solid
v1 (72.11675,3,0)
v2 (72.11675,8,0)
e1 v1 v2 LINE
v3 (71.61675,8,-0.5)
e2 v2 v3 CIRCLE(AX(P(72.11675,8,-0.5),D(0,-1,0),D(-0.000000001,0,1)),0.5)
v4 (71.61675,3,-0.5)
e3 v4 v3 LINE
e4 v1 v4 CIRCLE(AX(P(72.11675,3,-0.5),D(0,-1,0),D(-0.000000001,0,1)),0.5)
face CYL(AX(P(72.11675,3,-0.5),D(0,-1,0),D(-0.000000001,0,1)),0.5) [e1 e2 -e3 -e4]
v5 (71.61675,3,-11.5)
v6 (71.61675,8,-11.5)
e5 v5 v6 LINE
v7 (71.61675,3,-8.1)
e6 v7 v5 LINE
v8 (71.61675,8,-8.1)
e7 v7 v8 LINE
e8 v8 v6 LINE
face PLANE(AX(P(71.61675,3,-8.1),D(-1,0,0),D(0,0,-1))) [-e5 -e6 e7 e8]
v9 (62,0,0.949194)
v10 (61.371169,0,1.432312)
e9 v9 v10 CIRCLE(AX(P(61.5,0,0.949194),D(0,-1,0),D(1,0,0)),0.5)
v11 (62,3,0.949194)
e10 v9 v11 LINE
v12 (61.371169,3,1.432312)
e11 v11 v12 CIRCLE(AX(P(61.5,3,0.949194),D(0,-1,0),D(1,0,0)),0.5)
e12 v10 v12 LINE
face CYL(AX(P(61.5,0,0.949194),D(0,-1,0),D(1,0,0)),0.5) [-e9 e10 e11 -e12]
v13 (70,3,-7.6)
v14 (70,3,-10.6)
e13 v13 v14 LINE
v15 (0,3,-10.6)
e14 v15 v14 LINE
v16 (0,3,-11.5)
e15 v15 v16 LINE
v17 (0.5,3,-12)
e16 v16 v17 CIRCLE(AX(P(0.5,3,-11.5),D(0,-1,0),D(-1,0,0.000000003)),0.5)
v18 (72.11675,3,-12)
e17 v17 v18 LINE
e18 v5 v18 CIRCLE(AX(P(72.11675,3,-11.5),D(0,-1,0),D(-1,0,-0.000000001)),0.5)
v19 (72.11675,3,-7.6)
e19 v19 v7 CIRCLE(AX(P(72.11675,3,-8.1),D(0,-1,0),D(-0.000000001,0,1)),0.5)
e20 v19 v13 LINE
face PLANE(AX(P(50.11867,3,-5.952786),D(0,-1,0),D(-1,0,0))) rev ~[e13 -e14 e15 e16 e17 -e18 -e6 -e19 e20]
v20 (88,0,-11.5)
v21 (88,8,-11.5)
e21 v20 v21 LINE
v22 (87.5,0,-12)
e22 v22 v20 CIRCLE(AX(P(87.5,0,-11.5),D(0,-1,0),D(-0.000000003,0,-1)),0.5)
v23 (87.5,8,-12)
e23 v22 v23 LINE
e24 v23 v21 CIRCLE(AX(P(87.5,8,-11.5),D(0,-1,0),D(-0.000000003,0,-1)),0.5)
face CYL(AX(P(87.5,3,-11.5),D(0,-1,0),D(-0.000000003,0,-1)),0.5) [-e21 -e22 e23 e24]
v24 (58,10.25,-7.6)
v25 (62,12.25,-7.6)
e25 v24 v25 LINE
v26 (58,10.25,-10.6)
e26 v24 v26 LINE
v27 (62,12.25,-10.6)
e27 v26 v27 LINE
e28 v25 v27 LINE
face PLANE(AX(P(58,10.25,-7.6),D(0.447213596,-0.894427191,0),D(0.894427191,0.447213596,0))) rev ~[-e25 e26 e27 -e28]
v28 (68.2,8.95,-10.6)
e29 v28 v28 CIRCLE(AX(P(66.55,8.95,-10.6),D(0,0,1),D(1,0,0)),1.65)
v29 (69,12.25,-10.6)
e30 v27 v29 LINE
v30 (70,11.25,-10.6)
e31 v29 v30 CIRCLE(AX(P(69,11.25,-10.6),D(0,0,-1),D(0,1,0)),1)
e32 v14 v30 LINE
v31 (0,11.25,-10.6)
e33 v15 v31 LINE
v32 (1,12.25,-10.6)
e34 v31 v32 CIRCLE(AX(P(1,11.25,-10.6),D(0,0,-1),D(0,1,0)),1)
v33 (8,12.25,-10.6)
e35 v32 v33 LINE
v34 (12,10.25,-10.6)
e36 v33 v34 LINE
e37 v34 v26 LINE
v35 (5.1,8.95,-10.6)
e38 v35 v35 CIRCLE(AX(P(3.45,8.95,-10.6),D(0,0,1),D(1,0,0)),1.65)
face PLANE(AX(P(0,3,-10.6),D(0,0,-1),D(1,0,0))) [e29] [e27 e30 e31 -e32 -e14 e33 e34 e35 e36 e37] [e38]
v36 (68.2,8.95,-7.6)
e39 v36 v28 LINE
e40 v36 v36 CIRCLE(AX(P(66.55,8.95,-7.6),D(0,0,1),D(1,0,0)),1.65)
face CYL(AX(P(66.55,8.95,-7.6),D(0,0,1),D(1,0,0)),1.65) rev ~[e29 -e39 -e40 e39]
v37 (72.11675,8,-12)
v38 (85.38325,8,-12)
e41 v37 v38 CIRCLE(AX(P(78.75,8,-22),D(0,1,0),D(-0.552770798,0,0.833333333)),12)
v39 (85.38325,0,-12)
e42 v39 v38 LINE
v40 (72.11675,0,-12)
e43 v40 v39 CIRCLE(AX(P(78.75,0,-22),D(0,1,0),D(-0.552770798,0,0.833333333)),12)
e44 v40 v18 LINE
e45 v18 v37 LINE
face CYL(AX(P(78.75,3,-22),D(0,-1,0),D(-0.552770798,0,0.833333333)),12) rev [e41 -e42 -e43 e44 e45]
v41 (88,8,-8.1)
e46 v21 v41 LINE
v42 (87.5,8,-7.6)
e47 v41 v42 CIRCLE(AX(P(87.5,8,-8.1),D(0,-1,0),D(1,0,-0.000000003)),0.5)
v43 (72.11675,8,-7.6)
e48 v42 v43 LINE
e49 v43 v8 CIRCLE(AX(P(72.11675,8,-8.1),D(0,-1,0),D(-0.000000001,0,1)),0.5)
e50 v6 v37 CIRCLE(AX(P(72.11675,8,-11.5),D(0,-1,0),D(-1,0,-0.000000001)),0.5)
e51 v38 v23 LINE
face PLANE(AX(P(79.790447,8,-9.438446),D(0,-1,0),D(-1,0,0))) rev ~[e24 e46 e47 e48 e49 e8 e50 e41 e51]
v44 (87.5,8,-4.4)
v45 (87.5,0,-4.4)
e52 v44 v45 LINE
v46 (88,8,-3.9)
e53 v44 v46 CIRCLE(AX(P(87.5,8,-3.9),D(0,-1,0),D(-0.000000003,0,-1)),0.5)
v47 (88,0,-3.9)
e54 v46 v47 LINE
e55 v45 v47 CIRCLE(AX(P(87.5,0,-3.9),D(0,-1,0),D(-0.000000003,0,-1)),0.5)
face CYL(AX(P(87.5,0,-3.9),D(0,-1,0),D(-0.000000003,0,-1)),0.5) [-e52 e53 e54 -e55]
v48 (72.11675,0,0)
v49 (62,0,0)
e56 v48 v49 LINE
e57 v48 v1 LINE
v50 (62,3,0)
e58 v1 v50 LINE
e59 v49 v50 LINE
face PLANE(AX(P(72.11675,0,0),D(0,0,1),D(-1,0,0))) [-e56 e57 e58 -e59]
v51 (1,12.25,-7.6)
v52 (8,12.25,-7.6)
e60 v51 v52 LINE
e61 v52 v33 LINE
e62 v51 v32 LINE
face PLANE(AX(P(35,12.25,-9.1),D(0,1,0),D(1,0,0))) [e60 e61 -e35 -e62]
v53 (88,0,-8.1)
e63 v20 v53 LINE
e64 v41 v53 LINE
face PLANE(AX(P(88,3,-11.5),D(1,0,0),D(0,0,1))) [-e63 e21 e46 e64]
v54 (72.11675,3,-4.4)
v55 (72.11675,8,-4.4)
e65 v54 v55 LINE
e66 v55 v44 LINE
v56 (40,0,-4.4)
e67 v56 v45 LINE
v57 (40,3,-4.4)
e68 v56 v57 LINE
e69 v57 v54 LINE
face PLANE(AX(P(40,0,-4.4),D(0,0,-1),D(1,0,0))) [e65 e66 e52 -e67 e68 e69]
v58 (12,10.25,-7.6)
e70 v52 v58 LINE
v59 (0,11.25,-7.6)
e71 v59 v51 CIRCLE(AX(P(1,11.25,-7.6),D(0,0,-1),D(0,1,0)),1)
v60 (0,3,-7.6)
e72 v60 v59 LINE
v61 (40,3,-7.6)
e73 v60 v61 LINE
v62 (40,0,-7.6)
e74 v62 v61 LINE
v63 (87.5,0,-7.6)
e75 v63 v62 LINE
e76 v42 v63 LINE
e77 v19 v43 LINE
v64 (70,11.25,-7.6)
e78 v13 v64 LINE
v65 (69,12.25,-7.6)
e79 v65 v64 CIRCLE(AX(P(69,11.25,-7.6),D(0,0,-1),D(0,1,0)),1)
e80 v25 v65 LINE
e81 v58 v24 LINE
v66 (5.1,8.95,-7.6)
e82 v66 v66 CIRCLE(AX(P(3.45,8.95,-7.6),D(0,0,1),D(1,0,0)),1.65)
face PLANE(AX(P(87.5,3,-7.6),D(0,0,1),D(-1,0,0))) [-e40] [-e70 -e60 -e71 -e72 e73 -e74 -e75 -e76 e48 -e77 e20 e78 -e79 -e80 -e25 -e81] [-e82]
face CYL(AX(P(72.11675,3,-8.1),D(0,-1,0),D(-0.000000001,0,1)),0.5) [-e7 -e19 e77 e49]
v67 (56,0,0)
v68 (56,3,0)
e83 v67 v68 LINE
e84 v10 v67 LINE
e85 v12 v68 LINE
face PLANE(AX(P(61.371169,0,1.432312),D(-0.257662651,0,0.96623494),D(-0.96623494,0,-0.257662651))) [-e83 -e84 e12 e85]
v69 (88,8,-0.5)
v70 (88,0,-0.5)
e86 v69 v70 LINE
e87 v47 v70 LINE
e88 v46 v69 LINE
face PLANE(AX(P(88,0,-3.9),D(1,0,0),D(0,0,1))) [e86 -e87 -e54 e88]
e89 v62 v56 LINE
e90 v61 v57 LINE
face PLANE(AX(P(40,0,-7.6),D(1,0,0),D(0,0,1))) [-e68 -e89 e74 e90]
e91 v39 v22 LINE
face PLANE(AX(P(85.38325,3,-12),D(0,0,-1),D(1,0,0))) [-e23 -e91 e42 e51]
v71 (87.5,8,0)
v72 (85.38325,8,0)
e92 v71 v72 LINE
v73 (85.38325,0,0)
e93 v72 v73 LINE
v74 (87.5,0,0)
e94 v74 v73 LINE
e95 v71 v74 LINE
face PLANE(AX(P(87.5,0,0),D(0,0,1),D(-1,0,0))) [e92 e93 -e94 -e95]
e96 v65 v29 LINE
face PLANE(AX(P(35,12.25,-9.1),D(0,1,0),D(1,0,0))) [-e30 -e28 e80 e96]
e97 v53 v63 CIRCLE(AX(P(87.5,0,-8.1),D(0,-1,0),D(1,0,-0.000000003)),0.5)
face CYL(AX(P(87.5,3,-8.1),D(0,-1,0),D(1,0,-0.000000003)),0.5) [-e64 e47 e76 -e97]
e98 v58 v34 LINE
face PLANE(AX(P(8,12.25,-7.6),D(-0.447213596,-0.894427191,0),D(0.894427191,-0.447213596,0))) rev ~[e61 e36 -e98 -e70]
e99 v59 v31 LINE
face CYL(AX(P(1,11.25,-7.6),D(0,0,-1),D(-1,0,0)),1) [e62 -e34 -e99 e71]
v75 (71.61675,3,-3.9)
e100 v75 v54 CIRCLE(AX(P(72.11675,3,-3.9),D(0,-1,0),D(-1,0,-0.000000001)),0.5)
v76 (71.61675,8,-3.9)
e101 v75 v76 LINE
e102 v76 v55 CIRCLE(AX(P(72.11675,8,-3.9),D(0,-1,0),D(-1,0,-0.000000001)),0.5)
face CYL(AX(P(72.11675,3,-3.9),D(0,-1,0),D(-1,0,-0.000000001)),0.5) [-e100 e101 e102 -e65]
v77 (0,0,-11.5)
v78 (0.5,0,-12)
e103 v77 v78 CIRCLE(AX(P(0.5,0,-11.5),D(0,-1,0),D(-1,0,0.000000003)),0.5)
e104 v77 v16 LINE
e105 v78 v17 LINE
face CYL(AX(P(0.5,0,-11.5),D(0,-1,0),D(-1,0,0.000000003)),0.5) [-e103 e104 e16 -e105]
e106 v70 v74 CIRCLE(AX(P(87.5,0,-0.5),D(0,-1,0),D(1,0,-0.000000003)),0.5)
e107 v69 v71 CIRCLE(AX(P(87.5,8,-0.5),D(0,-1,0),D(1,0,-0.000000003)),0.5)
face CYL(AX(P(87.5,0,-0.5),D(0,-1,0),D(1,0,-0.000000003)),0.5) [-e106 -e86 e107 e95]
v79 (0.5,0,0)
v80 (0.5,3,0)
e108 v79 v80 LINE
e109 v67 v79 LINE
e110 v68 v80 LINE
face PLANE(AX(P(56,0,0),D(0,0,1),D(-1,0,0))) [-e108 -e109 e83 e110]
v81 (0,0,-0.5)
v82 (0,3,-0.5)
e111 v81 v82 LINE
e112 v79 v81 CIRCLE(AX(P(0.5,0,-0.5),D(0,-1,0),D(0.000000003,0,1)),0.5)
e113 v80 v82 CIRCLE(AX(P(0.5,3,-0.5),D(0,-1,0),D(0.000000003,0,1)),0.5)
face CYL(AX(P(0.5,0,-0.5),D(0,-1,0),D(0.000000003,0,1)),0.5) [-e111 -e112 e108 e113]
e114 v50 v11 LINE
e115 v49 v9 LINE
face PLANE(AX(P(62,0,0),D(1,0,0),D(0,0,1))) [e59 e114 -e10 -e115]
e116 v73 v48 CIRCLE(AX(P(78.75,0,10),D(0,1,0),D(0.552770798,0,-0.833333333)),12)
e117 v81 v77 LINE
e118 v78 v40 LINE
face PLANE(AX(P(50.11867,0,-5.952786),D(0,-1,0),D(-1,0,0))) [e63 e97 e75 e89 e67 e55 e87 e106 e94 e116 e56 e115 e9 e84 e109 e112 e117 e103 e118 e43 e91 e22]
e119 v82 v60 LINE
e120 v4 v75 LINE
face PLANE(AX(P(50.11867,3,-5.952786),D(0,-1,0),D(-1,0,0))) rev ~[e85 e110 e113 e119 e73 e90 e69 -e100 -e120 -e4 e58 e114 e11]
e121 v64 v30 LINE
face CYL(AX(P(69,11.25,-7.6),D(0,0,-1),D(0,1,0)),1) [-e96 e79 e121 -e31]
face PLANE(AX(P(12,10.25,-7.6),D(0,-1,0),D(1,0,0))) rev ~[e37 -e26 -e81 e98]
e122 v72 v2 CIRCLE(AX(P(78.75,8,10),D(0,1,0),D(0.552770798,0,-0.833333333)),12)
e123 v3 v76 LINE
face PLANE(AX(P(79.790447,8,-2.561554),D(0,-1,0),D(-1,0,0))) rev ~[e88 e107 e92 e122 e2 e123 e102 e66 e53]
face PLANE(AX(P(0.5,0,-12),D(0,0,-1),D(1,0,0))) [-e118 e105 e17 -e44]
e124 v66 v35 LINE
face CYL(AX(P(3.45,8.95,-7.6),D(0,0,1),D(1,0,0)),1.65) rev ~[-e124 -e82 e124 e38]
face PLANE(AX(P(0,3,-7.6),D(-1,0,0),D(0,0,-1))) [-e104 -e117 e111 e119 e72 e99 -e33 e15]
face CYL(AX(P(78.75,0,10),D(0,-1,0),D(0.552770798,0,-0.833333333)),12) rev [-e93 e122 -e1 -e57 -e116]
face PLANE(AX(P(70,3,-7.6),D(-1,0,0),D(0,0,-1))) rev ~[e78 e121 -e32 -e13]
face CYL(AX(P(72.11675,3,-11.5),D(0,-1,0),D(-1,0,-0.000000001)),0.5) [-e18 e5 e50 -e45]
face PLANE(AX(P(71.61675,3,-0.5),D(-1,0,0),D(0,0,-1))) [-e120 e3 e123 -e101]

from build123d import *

# Parameters (mm, degrees)
EXTRUDE_1_DEPTH     = 3
SKETCH_4_W          = 70
SKETCH_4_H          = 3
EXTRUDE_2_DEPTH     = 9.25
CUT_EXTRUDE_1_REACH = 91.308
SKETCH_5_R          = 1.65
FILLET_1_R          = 1
EXTRUDE_3_DEPTH     = 5
CUT_EXTRUDE_2_REACH = 91.308


with BuildPart() as part:
    # ｽｹｯﾁ2 → ﾎﾞｽ - 押し出し1 (new body)
    with BuildSketch(Plane(origin=(0, 0, 0), x_dir=(1, 0, 0), z_dir=(0, 1, 0))):
        with BuildLine():
            Line((70, 7.6), (40, 7.6))
            Line((40, 7.6), (40, 4.4))
            Line((40, 4.4), (70, 4.4))
            Line((70, 4.4), (87.5, 4.4))
            ThreePointArc((87.5, 4.4), (87.853553391, 4.253553391), (88, 3.9))
            Line((88, 3.9), (88, 0.5))
            ThreePointArc((88, 0.5), (87.853553391, 0.146446609), (87.5, 0))
            Line((87.5, 0), (85.383249581, 0))
            ThreePointArc((85.383249581, 0), (78.75, 2), (72.116750419, 0))
            Line((72.116750419, 0), (70, 0))
            Line((70, 0), (62, 0))
            Line((62, 0), (62, -0.949194177))
            ThreePointArc((62, -0.949194177), (61.80461807, -1.345688605), (61.371168675, -1.432311647))
            Line((61.371168675, -1.432311647), (56, 0))
            Line((56, 0), (0.5, 0))
            ThreePointArc((0.5, 0), (0.146446609, 0.146446609), (0, 0.5))
            Line((0, 0.5), (0, 11.5))
            ThreePointArc((0, 11.5), (0.146446609, 11.853553391), (0.5, 12))
            Line((0.5, 12), (70, 12))
            Line((70, 12), (72.116750419, 12))
            ThreePointArc((72.116750419, 12), (78.75, 10), (85.383249581, 12))
            Line((85.383249581, 12), (87.5, 12))
            ThreePointArc((87.5, 12), (87.853553391, 11.853553391), (88, 11.5))
            Line((88, 11.5), (88, 8.1))
            ThreePointArc((88, 8.1), (87.853553391, 7.746446609), (87.5, 7.6))
            Line((87.5, 7.6), (70, 7.6))
        make_face()
    extrude(amount=EXTRUDE_1_DEPTH)

    # ｽｹｯﾁ4 → ﾎﾞｽ - 押し出し2 (add)
    with BuildSketch(Plane(origin=(0, 3, 0), x_dir=(1, 0, 0), z_dir=(0, 1, 0))):
        with Locations((35, 9.1)):
            Rectangle(SKETCH_4_W, SKETCH_4_H)
    extrude(amount=EXTRUDE_2_DEPTH)

    # ｽｹｯﾁ5 → ｶｯﾄ - 押し出し1 (cut, up to next)
    with BuildSketch(Plane.XY.offset(-7.6), mode=Mode.PRIVATE) as cut_extrude_1_sk1:
        with Locations((3.45, 8.95)):
            Circle(SKETCH_5_R)
    cut_extrude_1_tool1 = extrude(cut_extrude_1_sk1.sketch, amount=-CUT_EXTRUDE_1_REACH, mode=Mode.PRIVATE) & part.part
    # ｽｹｯﾁ5 → ｶｯﾄ - 押し出し1 (cut, up to next)
    with BuildSketch(Plane.XY.offset(-7.6), mode=Mode.PRIVATE) as cut_extrude_1_sk2:
        with Locations((66.55, 8.95)):
            Circle(SKETCH_5_R)
    cut_extrude_1_tool2 = extrude(cut_extrude_1_sk2.sketch, amount=-CUT_EXTRUDE_1_REACH, mode=Mode.PRIVATE) & part.part
    add(cut_extrude_1_tool1.solids().sort_by_distance((3.45, 8.95, -7.6))[0], mode=Mode.SUBTRACT)
    add(cut_extrude_1_tool2.solids().sort_by_distance((66.55, 8.95, -7.6))[0], mode=Mode.SUBTRACT)

    # ﾌｨﾚｯﾄ1
    fillet_1_edges = [part.edges().sort_by_distance(p)[0] for p in [
        (70, 12.25, -9.1),
        (0, 12.25, -9.1),
    ]]
    fillet(fillet_1_edges, radius=FILLET_1_R)

    # ｽｹｯﾁ6 → ﾎﾞｽ - 押し出し3 (add)
    with BuildSketch(Plane(origin=(0, 3, 0), x_dir=(1, 0, 0), z_dir=(0, 1, 0))):
        with BuildLine():
            Line((88, 11.5), (88, 8.1))
            ThreePointArc((88, 8.1), (87.853553391, 7.746446609), (87.5, 7.6))
            Line((87.5, 7.6), (72.116750419, 7.6))
            ThreePointArc((72.116750419, 7.6), (71.763197029, 7.746446609), (71.616750419, 8.1))
            Line((71.616750419, 8.1), (71.616750419, 11.5))
            ThreePointArc((71.616750419, 11.5), (71.763197029, 11.853553391), (72.116750419, 12))
            ThreePointArc((72.116750419, 12), (78.75, 10), (85.383249581, 12))
            Line((85.383249581, 12), (87.5, 12))
            ThreePointArc((87.5, 12), (87.853553391, 11.853553391), (88, 11.5))
        make_face()
        with BuildLine():
            Line((88, 3.9), (88, 0.5))
            ThreePointArc((88, 0.5), (87.853553391, 0.146446609), (87.5, 0))
            Line((87.5, 0), (85.383249581, 0))
            ThreePointArc((85.383249581, 0), (78.75, 2), (72.116750419, 0))
            ThreePointArc((72.116750419, 0), (71.763197029, 0.146446609), (71.616750419, 0.5))
            Line((71.616750419, 0.5), (71.616750419, 3.9))
            ThreePointArc((71.616750419, 3.9), (71.763197029, 4.253553391), (72.116750419, 4.4))
            Line((72.116750419, 4.4), (87.5, 4.4))
            ThreePointArc((87.5, 4.4), (87.853553391, 4.253553391), (88, 3.9))
        make_face()
    extrude(amount=EXTRUDE_3_DEPTH)

    # ｽｹｯﾁ7 → ｶｯﾄ - 押し出し2 (cut, up to next)
    with BuildSketch(Plane.XY.offset(-7.6), mode=Mode.PRIVATE) as cut_extrude_2_sk1:
        Polygon((8, 12.25), (12, 10.25), (58, 10.25), (62, 12.25), align=None)
    cut_extrude_2_tool1 = extrude(cut_extrude_2_sk1.sketch, amount=-CUT_EXTRUDE_2_REACH, mode=Mode.PRIVATE) & part.part
    add(cut_extrude_2_tool1.solids().sort_by_distance((35, 11.276667, -7.6))[0], mode=Mode.SUBTRACT)


solid = part.part
